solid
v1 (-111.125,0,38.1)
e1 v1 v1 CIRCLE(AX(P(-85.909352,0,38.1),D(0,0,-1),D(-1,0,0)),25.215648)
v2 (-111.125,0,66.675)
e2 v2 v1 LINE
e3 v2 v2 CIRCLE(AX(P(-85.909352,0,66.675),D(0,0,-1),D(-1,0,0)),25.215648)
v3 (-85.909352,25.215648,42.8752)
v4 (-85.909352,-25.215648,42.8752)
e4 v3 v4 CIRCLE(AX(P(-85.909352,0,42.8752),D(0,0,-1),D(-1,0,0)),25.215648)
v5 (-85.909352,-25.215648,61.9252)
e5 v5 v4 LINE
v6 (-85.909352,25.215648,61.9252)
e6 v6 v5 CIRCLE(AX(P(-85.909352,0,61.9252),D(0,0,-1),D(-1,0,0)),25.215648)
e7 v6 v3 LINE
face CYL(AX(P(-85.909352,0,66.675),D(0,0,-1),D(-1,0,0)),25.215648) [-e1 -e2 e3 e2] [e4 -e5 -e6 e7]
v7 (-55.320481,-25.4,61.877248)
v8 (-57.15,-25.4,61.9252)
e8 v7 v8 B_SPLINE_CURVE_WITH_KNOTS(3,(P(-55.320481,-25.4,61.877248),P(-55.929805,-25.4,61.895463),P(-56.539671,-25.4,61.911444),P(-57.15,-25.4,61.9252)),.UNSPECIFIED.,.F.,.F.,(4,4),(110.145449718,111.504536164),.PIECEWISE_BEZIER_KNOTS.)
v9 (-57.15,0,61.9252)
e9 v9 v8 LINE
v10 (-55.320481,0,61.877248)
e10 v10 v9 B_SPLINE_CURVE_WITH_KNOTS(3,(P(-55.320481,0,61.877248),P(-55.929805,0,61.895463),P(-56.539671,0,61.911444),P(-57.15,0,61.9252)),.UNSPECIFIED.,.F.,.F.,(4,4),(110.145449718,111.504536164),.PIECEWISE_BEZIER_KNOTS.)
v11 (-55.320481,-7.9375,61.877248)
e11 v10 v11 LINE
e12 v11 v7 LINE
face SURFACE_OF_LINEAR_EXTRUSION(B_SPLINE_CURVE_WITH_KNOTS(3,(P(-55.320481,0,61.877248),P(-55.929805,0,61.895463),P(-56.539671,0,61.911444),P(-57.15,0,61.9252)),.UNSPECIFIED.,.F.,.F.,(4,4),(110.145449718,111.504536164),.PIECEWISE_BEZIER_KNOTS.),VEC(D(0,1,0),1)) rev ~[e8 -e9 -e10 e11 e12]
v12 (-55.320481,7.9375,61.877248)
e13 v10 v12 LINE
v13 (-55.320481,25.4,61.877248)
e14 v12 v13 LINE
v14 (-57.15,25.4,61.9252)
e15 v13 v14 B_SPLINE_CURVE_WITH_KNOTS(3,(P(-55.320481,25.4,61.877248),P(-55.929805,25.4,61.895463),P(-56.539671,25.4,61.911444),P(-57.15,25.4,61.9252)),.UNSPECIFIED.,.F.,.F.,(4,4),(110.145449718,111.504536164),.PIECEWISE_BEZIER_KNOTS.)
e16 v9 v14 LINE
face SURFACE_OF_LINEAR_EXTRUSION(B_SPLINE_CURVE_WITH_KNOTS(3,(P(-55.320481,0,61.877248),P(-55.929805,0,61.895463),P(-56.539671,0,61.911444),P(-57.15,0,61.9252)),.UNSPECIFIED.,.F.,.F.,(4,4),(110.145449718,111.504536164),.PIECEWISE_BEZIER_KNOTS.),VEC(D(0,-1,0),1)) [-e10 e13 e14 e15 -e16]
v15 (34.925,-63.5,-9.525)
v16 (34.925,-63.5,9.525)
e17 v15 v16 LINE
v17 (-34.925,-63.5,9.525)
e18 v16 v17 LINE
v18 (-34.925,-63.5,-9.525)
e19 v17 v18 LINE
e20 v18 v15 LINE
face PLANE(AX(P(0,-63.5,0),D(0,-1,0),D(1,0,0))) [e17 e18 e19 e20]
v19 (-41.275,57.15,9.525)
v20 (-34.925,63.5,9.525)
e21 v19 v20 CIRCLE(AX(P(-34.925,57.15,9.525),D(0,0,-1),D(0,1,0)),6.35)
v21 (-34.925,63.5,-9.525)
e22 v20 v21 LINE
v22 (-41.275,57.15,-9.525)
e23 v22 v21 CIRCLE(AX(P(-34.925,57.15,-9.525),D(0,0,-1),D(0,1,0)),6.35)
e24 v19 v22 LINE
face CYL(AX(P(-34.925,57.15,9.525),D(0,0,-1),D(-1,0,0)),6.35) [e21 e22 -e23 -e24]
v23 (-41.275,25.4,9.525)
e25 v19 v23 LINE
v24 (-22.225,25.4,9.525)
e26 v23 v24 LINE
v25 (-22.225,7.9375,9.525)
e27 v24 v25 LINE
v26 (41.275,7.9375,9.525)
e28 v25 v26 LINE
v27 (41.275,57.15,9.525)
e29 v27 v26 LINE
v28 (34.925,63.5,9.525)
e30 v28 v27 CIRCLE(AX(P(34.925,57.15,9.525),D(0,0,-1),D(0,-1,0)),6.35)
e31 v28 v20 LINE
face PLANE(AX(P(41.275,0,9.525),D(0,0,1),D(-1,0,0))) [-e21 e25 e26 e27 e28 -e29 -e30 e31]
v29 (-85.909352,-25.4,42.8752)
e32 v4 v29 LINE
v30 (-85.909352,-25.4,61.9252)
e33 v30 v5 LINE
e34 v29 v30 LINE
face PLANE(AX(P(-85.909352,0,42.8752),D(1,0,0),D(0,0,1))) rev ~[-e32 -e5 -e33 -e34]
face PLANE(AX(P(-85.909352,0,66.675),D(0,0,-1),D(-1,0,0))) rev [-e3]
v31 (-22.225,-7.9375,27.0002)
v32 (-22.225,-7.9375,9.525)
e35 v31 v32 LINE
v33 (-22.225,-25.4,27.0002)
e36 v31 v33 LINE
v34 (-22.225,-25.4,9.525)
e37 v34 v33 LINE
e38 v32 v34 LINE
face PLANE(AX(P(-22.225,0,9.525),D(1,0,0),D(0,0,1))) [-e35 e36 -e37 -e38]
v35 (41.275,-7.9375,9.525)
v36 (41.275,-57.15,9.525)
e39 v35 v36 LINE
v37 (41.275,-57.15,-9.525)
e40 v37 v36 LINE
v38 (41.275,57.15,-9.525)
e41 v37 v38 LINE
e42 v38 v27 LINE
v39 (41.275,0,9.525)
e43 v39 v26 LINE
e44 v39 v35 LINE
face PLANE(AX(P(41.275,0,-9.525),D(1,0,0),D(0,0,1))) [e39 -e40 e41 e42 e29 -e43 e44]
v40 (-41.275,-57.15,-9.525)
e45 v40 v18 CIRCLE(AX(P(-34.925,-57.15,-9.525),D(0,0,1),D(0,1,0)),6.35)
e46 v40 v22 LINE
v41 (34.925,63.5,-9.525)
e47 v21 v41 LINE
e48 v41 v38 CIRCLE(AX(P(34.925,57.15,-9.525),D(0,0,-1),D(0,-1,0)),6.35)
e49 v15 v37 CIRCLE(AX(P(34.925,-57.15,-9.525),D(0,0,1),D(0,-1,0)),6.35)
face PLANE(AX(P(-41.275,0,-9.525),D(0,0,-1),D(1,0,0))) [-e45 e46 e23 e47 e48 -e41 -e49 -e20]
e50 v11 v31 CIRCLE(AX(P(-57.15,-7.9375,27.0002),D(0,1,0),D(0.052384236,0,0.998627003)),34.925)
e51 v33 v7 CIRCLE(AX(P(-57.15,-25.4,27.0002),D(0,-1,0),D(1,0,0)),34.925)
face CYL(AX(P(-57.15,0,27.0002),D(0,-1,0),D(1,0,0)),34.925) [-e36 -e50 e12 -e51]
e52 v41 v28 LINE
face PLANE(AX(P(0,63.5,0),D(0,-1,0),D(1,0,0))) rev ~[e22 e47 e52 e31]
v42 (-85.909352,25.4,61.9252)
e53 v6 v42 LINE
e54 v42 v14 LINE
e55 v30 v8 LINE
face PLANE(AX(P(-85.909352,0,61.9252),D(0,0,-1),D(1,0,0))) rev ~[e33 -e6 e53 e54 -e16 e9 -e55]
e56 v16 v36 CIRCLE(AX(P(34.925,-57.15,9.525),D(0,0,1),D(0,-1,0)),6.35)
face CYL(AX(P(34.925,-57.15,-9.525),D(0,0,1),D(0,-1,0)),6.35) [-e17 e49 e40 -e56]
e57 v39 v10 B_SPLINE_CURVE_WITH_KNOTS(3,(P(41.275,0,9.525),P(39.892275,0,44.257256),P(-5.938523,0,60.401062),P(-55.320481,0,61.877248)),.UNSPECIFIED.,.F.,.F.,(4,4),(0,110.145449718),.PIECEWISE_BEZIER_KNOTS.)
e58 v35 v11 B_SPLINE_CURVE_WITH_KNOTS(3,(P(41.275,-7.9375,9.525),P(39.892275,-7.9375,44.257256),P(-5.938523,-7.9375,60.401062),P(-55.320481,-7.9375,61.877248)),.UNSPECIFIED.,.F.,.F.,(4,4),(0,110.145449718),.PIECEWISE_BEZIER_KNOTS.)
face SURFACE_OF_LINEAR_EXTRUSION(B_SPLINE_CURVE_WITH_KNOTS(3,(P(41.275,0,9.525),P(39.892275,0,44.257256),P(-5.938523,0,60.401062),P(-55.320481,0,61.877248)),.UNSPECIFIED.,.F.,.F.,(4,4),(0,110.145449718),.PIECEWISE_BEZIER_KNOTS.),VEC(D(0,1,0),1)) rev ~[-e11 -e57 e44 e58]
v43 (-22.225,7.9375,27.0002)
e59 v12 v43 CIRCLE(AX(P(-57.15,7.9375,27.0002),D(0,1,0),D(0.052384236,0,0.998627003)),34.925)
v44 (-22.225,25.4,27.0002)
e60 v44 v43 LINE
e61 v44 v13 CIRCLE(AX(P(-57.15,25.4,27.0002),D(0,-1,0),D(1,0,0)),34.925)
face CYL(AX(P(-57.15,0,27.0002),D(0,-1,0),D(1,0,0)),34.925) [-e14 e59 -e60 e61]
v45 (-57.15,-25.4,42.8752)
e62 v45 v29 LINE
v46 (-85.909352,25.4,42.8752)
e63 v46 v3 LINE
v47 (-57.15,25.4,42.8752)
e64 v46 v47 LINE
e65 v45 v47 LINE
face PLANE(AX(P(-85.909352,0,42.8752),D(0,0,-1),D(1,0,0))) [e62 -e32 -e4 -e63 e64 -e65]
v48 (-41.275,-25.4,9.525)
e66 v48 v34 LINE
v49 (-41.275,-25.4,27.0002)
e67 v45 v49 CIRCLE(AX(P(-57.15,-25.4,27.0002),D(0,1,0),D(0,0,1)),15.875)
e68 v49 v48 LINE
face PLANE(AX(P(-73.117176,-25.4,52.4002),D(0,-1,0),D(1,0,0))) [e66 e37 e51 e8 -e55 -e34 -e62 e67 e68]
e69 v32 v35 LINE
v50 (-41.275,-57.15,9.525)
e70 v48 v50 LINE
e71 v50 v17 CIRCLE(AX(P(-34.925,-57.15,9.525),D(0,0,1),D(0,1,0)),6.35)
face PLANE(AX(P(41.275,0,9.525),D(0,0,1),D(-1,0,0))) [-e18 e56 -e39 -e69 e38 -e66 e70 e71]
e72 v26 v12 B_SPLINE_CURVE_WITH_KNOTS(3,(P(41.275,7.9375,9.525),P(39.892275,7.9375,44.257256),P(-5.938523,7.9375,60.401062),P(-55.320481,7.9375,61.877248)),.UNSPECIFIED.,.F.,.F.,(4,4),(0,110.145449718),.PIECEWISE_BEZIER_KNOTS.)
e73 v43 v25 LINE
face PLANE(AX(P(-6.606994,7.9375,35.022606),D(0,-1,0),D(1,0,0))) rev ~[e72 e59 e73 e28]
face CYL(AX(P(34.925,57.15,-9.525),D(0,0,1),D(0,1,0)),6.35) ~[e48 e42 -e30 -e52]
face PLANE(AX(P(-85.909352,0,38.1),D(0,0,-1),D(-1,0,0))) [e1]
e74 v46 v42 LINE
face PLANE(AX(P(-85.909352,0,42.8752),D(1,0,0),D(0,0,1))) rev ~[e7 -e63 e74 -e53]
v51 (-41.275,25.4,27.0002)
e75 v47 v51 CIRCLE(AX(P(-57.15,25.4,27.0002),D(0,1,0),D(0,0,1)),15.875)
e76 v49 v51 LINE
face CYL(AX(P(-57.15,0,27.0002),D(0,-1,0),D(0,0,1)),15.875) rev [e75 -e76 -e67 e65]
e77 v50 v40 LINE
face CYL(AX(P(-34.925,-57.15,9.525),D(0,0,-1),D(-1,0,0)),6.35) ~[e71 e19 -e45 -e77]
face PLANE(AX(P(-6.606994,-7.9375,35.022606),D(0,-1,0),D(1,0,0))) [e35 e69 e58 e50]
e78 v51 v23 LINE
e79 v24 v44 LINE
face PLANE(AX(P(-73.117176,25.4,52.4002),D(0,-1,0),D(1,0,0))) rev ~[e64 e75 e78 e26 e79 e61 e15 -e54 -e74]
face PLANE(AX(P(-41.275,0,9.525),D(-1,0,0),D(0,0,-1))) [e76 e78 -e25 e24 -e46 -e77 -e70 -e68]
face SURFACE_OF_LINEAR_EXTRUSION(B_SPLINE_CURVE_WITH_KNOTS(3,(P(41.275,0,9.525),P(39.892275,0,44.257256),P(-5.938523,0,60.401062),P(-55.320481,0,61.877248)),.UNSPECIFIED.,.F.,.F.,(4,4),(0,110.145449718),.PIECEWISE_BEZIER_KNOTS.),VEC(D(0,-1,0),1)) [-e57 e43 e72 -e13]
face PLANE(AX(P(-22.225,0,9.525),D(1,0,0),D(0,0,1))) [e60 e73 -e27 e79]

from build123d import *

# Parameters (mm, degrees)
F1_DEPTH = 63.5
F2_DEPTH = 25.4
F3_DEPTH = 7.9375
F0_W     = 25.5843524362
F0_H     = 19.05
F4_DEPTH = 25.4
F6_R     = 6.35


with BuildPart() as f1:
    # F0 (on Front) → F1 (new body, symmetric)
    with BuildSketch(Plane.XZ):
        Polygon((41.275, -9.525), (41.275, 9.525), (-22.225, 9.525), (-41.275, 9.525), (-41.275, -9.525), align=None)
    extrude(amount=F1_DEPTH, both=True)

    # F0 (on Front) → F2 (join, symmetric)
    with BuildSketch(Plane.XZ):
        with BuildLine():
            Line((-41.275, 9.525), (-22.225, 9.525))
            Line((-22.225, 9.525), (-22.225, 27.0002))
            ThreePointArc((-22.225, 27.0002), (-31.815718959, 51.0403711544), (-55.3204805517, 61.8772480917))
            add(Edge.make_bspline(
                [(-55.3204805517, 61.8772480917), (-55.929805309, 61.8954627703), (-56.5396707352, 61.9114442844), (-57.15, 61.9252)],
                knots=[110.1454497183, 110.1454497183, 110.1454497183, 110.1454497183, 111.5045361635, 111.5045361635, 111.5045361635, 111.5045361635], degree=3))
            Line((-57.15, 61.9252), (-60.325, 61.9252))
            Line((-60.325, 61.9252), (-60.325, 42.8752))
            Line((-60.325, 42.8752), (-57.15, 42.8752))
            ThreePointArc((-57.15, 42.8752), (-45.9246798487, 38.2255201513), (-41.275, 27.0002))
            Line((-41.275, 27.0002), (-41.275, 9.525))
        make_face()
    extrude(amount=F2_DEPTH, both=True)

    # F0 (on Front) → F3 (join, symmetric)
    with BuildSketch(Plane.XZ):
        with BuildLine():
            Line((-22.225, 9.525), (41.275, 9.525))
            add(Edge.make_bspline(
                [(41.275, 9.525), (39.8922745283, 44.2572563943), (-5.9385227977, 60.4010623985), (-55.3204805517, 61.8772480917)],
                knots=[0, 0, 0, 0, 110.1454497183, 110.1454497183, 110.1454497183, 110.1454497183], degree=3))
            ThreePointArc((-55.3204805517, 61.8772480917), (-31.815718959, 51.0403711544), (-22.225, 27.0002))
            Line((-22.225, 27.0002), (-22.225, 9.525))
        make_face()
    extrude(amount=F3_DEPTH, both=True)

    # F0 (on Front) → F4 (join, symmetric)
    with BuildSketch(Plane.XZ):
        with Locations((-73.1171762181, 52.4002)):
            Rectangle(F0_W, F0_H)
    extrude(amount=F4_DEPTH, both=True)

    # F0 (on Front) → F5 (revolve)
    with BuildSketch(Plane.XZ):
        Polygon((-85.9093524362, 42.8752), (-85.9093524362, 61.9252), (-85.9093524362, 66.675), (-111.125, 66.675), (-111.125, 38.1), (-85.9093524362, 38.1), align=None)
    revolve(axis=Axis((-85.9093524362, 0, 52.3875), (0, 0, -1)))

    # F6
    f6_edges = [f1.edges().sort_by_distance(p)[0] for p in [
        (41.275, 63.5, 0),
        (-41.275, 63.5, 0),
        (-41.275, -63.5, 0),
        (41.275, -63.5, 0),
    ]]
    fillet(f6_edges, radius=F6_R)


solid = f1.part
